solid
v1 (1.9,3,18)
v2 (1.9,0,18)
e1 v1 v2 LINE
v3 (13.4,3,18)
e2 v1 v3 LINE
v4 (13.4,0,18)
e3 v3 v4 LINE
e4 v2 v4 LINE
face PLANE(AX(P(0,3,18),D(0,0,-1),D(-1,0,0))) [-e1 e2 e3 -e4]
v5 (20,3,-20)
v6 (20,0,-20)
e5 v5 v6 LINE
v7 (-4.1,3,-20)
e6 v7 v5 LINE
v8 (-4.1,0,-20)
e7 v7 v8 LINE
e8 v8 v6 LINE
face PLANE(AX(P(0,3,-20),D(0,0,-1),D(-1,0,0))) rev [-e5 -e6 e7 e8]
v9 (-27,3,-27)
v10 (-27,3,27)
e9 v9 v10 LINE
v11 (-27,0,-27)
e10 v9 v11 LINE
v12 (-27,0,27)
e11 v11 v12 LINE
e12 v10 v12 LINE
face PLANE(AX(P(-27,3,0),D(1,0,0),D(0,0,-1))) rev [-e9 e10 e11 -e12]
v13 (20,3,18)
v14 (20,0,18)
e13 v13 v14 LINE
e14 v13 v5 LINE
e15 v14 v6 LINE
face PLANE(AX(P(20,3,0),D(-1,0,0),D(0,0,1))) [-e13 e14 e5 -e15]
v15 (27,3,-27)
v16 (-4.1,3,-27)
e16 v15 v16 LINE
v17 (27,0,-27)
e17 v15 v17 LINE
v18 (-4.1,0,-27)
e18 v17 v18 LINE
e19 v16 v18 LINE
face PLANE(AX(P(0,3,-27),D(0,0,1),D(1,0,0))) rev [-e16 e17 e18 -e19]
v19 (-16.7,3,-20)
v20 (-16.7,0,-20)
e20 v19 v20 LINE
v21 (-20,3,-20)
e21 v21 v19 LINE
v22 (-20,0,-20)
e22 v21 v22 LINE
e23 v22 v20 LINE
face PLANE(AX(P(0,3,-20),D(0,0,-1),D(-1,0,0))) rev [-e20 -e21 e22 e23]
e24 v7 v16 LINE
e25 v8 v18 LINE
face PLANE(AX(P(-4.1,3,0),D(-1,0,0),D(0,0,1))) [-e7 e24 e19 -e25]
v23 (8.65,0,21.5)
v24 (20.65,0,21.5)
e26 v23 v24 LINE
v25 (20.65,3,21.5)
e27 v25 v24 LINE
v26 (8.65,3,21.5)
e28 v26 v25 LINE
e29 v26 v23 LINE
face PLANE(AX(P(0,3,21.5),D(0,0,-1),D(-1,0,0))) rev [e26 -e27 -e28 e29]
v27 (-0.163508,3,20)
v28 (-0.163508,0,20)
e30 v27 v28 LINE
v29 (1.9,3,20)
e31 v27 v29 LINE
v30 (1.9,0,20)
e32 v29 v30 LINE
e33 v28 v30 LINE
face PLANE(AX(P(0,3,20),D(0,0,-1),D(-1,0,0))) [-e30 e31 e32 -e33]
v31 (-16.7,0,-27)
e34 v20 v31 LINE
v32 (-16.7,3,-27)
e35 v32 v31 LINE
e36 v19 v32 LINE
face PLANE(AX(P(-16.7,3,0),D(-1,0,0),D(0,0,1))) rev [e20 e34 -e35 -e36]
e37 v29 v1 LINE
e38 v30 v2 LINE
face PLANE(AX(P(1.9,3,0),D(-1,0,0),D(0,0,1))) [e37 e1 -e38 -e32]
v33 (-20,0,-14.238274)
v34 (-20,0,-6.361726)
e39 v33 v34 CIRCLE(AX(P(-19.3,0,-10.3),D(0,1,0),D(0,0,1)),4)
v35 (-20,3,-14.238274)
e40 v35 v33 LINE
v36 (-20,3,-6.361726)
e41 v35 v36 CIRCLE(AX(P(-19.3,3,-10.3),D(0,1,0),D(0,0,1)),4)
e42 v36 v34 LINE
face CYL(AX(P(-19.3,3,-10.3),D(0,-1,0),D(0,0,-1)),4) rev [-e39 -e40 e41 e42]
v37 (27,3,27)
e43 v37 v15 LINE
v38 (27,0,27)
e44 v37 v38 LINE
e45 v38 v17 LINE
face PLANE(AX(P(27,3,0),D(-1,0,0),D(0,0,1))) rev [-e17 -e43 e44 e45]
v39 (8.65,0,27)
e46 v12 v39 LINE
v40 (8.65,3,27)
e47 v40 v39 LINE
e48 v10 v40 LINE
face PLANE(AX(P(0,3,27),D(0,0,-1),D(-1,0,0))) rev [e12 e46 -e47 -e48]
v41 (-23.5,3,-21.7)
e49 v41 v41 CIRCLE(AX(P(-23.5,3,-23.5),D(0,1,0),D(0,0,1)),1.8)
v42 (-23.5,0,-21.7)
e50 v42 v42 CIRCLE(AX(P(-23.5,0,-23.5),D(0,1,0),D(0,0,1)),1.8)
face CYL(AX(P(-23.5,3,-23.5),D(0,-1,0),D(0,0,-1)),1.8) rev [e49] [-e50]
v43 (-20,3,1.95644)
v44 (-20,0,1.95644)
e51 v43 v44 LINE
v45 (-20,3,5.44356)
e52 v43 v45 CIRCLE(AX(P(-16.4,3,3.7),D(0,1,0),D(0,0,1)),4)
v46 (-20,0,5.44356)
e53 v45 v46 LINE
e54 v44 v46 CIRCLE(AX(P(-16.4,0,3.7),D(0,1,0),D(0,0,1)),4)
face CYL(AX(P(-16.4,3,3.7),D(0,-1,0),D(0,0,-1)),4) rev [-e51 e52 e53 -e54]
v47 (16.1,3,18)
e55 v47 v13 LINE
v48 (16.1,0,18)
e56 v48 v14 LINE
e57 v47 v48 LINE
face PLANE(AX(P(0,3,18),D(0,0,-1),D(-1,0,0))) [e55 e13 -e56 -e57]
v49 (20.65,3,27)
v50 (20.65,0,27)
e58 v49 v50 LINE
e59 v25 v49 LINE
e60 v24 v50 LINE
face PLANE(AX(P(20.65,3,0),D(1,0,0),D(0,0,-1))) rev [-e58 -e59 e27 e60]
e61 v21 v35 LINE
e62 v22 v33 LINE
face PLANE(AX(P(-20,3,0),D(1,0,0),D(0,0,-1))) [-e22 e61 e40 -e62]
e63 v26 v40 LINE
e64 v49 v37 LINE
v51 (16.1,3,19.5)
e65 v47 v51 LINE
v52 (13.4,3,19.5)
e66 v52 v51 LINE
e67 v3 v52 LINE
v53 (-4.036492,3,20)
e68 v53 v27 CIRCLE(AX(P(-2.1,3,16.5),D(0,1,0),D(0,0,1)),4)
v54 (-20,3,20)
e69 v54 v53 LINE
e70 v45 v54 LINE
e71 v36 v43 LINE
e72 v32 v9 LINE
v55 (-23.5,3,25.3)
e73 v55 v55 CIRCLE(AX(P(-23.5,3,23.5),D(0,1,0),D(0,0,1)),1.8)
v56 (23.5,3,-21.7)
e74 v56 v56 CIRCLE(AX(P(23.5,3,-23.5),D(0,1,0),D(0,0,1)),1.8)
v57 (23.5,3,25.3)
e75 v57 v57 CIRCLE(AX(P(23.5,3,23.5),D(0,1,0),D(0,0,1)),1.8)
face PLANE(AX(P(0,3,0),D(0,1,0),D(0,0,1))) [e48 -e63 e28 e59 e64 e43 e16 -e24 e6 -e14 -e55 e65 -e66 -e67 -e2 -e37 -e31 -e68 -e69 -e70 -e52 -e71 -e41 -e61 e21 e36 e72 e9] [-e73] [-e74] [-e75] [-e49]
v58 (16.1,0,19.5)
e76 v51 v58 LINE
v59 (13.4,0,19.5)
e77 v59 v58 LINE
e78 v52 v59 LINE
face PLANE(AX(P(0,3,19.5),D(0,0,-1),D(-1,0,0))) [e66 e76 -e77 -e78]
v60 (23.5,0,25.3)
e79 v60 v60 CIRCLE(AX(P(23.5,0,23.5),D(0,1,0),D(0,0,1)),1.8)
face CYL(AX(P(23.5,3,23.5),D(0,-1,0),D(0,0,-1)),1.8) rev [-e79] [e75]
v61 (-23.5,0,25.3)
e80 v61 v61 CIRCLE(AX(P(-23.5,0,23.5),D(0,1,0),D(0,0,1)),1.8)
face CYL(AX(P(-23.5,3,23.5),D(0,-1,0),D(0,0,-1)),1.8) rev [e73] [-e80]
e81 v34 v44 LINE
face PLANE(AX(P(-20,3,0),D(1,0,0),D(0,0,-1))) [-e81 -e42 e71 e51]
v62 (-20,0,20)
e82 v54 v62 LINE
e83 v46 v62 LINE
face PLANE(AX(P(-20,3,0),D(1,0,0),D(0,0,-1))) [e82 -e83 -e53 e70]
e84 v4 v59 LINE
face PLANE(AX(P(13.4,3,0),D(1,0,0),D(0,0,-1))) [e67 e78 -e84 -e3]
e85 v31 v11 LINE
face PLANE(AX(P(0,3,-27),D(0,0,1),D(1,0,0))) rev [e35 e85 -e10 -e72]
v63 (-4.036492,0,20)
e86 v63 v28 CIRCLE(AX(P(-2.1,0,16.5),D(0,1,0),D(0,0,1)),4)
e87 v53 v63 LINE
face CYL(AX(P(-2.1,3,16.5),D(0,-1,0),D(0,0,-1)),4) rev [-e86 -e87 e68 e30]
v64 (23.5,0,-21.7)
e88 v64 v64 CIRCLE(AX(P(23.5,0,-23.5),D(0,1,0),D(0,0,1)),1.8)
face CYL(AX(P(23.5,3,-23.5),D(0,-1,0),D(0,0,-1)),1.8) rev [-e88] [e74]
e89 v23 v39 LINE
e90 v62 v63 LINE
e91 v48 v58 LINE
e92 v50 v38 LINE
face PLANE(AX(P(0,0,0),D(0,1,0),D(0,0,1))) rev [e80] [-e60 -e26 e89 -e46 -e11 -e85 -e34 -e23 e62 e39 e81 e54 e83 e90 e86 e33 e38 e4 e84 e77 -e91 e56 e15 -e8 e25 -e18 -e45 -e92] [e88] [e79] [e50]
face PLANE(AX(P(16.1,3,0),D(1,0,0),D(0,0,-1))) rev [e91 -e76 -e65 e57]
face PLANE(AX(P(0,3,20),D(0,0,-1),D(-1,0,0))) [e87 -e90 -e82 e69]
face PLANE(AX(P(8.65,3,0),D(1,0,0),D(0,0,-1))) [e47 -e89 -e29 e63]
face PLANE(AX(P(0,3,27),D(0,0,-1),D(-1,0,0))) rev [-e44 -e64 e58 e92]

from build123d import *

# Parameters (mm, degrees)
SKETCH_3_R      = 1.8
SKETCH_3_W      = 0.8
SKETCH_3_H      = 1.5
SKETCH_3_W_2    = 1
EXTRUDE_2_DEPTH = 3


with BuildPart() as part:
    # 草图3 → 凸台-拉伸2 (new body)
    with BuildSketch(Plane(origin=(0, 0, 0), x_dir=(1, 0, 0), z_dir=(0, 1, 0))):
        with BuildLine():
            Line((8.65, -27), (8.65, -21.5))
            Line((8.65, -21.5), (8.65, -20))
            Line((8.65, -20), (1.9, -20))
            Line((1.9, -20), (-0.163508327, -20))
            ThreePointArc((-0.163508327, -20), (-2.1, -20.5), (-4.036491673, -20))
            Line((-4.036491673, -20), (-20, -20))
            Line((-20, -20), (-20, -5.443559577))
            ThreePointArc((-20, -5.443559577), (-20.4, -3.7), (-20, -1.956440423))
            Line((-20, -1.956440423), (-20, 6.361726266))
            ThreePointArc((-20, 6.361726266), (-23.3, 10.3), (-20, 14.238273734))
            Line((-20, 14.238273734), (-20, 20))
            Line((-20, 20), (-16.7, 20))
            Line((-16.7, 20), (-16.7, 27))
            Line((-16.7, 27), (-27, 27))
            Line((-27, 27), (-27, -27))
            Line((-27, -27), (8.65, -27))
        make_face()
        with Locations((-23.5, -23.5)):
            Circle(SKETCH_3_R, mode=Mode.SUBTRACT)
        with Locations((-23.5, 23.5)):
            Circle(SKETCH_3_R, mode=Mode.SUBTRACT)
        Polygon((20, -18), (20, -20), (20.65, -20), (20.65, -21.5), (20.65, -27), (27, -27), (27, 27), (-4.1, 27), (-4.1, 20), (20, 20), align=None)
        with Locations((23.5, -23.5)):
            Circle(SKETCH_3_R, mode=Mode.SUBTRACT)
        with Locations((23.5, 23.5)):
            Circle(SKETCH_3_R, mode=Mode.SUBTRACT)
        Polygon((12.4, -20), (12.4, -19.5), (12.4, -18), (1.9, -18), (1.9, -20), (8.65, -20), align=None)
        Polygon((20, -20), (16.9, -20), (16.9, -19.5), (16.1, -19.5), (13.4, -19.5), (12.4, -19.5), (12.4, -20), (8.65, -20), (8.65, -21.5), (20.65, -21.5), (20.65, -20), align=None)
        Polygon((16.9, -19.5), (16.9, -20), (20, -20), (20, -18), (16.9, -18), align=None)
        with Locations((16.5, -18.75)):
            Rectangle(SKETCH_3_W, SKETCH_3_H)
        with Locations((12.9, -18.75)):
            Rectangle(SKETCH_3_W_2, SKETCH_3_H)
    extrude(amount=EXTRUDE_2_DEPTH)


solid = part.part
